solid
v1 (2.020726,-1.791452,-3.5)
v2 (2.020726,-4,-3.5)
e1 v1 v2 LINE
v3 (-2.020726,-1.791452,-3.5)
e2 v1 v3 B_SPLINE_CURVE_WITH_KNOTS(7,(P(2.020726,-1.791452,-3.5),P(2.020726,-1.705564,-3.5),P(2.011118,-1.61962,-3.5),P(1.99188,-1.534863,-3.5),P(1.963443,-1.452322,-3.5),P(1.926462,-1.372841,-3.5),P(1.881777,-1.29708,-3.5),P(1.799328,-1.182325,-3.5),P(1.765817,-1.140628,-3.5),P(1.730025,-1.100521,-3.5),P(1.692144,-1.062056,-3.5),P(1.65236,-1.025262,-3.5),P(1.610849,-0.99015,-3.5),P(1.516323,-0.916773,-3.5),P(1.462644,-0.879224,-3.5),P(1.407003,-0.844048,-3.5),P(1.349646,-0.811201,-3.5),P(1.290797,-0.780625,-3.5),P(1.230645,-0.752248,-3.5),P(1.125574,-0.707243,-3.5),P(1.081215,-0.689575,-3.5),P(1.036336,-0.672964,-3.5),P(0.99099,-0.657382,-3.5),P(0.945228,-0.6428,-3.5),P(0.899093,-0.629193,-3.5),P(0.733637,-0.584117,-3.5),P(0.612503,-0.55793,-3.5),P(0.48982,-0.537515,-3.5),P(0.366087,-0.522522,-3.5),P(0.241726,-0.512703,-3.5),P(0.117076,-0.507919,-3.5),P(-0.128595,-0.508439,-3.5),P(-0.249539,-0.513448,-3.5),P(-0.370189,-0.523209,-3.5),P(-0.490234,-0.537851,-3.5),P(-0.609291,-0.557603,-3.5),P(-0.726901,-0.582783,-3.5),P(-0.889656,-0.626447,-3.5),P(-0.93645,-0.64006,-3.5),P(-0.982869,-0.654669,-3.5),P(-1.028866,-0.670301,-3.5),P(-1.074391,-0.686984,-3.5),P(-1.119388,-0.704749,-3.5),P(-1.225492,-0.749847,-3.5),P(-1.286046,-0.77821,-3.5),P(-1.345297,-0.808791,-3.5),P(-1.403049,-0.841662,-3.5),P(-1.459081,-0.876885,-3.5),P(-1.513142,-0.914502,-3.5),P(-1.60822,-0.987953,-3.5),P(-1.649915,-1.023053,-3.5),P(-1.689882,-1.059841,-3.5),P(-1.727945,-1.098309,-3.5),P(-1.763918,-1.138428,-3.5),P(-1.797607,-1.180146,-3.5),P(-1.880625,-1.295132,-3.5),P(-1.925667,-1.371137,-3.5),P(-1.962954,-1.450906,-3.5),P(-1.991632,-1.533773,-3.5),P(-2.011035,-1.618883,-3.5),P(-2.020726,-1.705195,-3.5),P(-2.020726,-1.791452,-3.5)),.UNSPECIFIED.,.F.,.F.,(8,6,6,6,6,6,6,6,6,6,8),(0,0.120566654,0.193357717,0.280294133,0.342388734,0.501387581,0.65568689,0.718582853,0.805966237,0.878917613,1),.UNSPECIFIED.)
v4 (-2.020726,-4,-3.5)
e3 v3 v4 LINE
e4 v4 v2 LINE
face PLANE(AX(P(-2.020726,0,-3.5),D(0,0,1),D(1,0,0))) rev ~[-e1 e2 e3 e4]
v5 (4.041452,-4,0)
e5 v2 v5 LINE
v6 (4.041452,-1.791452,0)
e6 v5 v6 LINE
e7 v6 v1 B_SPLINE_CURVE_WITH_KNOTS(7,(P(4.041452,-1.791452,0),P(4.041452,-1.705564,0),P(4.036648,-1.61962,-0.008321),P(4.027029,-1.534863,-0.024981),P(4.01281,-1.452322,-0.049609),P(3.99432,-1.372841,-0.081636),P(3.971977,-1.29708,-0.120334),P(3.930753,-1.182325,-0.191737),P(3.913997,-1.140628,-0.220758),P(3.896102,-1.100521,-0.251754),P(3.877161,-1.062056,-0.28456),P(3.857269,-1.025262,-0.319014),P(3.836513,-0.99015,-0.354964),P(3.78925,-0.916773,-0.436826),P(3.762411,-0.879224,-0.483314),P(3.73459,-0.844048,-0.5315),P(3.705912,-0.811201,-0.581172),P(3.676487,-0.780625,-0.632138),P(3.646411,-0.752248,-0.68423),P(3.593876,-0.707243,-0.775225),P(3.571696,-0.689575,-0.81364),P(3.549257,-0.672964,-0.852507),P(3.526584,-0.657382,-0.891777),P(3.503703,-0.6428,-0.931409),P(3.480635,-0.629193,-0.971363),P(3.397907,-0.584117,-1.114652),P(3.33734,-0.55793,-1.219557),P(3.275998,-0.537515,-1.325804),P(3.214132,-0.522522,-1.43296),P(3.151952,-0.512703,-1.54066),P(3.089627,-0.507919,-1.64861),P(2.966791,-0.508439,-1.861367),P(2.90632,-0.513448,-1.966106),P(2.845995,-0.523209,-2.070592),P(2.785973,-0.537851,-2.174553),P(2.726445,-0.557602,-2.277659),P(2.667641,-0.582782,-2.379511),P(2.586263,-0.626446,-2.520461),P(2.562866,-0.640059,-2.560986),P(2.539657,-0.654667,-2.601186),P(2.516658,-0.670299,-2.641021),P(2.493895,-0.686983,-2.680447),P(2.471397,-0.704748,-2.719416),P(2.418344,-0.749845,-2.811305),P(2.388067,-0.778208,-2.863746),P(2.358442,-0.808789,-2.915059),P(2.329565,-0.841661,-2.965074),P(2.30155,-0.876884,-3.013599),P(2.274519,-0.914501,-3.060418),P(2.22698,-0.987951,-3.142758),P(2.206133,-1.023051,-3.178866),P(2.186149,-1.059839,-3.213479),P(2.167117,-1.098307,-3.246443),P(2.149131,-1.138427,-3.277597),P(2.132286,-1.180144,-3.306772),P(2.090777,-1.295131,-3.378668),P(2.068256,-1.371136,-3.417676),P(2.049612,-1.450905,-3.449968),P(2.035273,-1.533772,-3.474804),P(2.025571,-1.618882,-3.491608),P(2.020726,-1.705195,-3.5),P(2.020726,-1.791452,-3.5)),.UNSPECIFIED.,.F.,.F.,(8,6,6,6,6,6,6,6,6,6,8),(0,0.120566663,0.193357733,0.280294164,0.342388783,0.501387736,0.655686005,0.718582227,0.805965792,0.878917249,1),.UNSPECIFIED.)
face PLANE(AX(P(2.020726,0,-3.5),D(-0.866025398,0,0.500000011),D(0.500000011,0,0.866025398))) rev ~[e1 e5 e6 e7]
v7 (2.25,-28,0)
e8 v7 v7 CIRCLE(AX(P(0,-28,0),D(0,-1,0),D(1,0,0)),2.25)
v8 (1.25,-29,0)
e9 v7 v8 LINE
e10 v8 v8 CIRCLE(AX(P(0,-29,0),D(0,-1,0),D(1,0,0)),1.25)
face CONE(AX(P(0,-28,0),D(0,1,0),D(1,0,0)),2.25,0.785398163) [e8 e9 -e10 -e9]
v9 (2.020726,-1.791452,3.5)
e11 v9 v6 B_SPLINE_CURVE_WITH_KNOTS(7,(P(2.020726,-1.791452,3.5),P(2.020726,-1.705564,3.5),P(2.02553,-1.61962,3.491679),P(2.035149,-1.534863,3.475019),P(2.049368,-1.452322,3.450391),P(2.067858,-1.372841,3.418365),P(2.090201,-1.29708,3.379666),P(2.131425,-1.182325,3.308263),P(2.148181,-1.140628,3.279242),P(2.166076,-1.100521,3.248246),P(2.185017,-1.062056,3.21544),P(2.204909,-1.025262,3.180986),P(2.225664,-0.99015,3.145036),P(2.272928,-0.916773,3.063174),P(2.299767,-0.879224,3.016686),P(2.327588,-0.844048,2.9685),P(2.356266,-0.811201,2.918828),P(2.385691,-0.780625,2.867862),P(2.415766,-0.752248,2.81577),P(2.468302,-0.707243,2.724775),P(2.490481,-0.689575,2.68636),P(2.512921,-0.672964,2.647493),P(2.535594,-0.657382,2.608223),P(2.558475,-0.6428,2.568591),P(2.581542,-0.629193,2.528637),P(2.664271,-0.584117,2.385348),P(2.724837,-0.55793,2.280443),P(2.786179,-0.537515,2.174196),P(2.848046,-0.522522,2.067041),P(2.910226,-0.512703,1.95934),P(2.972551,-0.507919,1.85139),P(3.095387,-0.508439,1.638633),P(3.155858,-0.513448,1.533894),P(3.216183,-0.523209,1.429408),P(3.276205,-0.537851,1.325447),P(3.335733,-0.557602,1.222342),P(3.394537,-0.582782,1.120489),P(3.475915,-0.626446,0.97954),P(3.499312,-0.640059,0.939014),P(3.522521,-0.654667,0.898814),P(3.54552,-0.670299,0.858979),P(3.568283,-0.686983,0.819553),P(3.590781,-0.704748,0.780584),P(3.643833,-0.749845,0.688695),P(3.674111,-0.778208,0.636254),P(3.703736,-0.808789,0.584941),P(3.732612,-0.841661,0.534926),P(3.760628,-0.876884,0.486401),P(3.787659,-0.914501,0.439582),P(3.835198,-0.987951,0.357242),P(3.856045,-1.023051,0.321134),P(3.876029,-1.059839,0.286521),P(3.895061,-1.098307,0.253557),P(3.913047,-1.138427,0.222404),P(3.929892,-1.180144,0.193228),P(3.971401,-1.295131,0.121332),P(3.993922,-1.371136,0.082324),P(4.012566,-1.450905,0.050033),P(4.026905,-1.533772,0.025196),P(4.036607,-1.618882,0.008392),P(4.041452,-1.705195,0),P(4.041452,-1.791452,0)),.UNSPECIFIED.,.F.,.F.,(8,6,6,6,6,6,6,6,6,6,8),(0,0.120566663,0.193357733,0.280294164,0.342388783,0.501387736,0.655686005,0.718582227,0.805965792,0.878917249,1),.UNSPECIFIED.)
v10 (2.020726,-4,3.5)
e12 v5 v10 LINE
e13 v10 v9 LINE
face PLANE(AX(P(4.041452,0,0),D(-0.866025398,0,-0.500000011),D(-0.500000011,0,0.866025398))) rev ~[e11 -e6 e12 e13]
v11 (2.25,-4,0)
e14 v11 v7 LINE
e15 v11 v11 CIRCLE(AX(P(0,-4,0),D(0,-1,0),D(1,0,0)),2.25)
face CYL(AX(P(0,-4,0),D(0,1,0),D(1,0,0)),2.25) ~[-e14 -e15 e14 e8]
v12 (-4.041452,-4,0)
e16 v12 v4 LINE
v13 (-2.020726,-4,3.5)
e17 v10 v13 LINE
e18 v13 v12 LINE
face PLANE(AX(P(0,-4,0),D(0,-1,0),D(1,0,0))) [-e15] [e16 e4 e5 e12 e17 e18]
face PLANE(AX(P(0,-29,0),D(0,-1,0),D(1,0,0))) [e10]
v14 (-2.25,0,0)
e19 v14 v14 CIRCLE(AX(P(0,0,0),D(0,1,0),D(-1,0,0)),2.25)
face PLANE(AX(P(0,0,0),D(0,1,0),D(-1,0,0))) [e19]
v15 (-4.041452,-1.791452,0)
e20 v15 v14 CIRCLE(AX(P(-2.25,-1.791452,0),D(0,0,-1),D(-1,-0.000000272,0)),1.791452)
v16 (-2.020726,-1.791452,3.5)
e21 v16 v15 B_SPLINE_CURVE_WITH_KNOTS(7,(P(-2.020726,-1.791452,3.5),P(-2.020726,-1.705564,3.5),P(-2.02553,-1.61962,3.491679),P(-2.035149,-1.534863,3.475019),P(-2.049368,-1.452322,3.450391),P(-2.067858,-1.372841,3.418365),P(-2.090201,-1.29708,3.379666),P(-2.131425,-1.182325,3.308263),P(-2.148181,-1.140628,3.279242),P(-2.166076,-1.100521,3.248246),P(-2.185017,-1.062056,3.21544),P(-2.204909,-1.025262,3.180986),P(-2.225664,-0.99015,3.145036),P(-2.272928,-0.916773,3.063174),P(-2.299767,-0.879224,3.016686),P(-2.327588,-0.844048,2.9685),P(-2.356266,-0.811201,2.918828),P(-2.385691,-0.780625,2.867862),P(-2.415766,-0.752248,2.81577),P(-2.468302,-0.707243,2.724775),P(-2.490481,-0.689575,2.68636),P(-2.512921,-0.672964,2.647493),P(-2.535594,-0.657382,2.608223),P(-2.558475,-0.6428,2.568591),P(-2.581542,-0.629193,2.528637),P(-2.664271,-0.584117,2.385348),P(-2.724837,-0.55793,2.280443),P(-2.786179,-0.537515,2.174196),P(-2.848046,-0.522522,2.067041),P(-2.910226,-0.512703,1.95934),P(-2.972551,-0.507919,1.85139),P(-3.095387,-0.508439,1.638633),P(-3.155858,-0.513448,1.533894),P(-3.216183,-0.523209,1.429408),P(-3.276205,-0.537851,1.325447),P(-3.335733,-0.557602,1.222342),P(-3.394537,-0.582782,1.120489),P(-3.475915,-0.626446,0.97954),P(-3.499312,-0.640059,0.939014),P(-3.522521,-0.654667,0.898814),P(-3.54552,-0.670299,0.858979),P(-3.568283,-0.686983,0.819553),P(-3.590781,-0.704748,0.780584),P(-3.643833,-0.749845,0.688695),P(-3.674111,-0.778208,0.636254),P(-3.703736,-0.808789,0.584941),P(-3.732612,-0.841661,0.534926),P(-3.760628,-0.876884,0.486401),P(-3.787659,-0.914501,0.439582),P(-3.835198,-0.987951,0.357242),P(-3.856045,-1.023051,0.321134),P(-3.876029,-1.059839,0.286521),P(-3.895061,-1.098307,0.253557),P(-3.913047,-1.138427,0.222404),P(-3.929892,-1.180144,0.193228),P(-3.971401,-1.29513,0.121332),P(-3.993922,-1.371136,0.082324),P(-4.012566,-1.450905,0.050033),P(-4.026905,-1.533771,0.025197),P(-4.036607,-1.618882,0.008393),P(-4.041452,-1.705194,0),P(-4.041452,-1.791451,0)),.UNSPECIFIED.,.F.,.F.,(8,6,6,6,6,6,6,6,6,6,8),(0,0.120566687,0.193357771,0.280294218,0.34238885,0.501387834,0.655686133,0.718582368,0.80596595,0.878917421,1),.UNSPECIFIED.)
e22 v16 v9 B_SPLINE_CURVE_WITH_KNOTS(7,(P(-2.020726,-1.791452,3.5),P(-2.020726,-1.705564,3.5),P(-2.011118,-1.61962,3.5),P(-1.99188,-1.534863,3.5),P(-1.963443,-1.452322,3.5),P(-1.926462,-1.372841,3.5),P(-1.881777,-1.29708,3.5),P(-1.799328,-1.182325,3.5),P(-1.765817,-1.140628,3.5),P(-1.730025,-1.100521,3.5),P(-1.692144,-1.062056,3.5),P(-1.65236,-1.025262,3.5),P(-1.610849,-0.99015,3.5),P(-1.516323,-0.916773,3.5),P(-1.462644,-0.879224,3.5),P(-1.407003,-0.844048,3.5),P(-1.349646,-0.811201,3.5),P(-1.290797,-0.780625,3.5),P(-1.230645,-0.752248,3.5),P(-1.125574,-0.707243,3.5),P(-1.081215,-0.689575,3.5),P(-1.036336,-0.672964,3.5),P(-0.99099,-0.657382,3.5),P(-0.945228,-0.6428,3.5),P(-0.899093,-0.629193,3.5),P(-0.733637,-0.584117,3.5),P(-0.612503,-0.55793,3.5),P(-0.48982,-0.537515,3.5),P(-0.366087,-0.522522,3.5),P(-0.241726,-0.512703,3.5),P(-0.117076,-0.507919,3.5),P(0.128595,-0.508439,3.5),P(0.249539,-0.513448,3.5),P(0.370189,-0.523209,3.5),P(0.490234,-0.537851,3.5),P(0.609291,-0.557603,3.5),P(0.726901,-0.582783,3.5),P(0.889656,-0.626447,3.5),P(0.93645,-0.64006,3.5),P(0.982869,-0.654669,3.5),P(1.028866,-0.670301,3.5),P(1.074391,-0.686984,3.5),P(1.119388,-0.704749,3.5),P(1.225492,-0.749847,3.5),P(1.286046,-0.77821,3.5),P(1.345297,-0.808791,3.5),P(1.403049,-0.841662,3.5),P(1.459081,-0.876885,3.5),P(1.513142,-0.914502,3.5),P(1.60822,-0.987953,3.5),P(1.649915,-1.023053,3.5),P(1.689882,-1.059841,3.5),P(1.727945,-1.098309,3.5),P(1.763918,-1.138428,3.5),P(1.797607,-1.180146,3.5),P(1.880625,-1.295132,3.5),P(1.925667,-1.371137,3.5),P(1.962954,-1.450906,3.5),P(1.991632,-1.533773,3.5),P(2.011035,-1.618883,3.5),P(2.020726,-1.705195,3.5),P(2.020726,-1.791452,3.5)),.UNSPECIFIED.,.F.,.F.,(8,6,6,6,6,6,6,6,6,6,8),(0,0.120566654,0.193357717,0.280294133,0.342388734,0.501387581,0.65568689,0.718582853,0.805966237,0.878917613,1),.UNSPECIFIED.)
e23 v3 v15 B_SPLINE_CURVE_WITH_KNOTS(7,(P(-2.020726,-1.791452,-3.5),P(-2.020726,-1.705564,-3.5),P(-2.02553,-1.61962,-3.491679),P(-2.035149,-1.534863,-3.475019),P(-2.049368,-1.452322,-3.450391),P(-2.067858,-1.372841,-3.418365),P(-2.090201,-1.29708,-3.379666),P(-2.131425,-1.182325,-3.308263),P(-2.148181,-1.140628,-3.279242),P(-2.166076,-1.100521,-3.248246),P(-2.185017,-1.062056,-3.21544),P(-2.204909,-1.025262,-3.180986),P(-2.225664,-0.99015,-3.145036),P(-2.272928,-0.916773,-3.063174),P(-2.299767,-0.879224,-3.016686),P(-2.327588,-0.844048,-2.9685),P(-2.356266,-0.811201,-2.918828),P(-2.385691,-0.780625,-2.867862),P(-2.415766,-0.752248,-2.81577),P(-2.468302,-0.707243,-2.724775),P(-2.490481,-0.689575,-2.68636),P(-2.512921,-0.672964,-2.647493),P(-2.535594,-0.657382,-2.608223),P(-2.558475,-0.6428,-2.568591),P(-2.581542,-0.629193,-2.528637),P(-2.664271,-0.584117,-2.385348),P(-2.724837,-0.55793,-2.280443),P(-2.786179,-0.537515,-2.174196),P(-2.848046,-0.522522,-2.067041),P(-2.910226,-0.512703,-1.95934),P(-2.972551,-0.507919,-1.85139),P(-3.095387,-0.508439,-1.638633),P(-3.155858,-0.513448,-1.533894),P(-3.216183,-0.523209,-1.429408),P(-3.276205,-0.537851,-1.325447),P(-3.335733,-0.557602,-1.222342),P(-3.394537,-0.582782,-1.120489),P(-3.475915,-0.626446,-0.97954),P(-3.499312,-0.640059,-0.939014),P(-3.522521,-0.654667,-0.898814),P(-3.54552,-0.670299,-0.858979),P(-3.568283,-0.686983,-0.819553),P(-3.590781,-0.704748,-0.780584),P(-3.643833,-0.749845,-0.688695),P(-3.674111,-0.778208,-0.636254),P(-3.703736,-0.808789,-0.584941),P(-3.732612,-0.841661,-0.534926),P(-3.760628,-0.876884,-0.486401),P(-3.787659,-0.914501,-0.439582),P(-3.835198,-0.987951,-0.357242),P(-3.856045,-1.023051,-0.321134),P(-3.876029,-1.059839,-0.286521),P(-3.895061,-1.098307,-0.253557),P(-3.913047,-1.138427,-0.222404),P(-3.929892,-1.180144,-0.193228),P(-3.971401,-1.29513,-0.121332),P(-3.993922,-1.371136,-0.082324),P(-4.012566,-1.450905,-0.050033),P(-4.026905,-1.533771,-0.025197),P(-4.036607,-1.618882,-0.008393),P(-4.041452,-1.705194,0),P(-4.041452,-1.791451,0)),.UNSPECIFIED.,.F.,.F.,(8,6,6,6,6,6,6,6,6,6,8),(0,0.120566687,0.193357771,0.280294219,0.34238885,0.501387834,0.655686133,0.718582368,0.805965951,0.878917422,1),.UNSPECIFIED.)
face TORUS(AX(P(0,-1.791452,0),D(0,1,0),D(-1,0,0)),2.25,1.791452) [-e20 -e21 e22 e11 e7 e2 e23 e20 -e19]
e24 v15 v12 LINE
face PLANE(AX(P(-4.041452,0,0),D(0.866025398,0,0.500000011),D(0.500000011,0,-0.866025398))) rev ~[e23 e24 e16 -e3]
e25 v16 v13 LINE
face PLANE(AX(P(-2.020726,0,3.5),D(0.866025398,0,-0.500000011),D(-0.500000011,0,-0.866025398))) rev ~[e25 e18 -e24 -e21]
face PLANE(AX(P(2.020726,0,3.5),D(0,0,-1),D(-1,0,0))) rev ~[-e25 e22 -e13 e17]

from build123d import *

# Parameters (mm, degrees)
F1_DEPTH = 4
F2_R     = 2.25
F3_DEPTH = 25
F6_SIZE  = 1


with BuildPart() as f1:
    # F0 (on Front) → F1 (new body)
    with BuildSketch(Plane.XZ):
        Polygon((2.020726, 3.5), (-2.020726, 3.5), (-4.041452, 0), (-2.020726, -3.5), (2.020726, -3.5), (4.041452, 0), align=None)
    extrude(amount=F1_DEPTH)

    # F2 (on face) → F3 (join)
    with BuildSketch(Plane.XZ.offset(4)):
        Circle(F2_R)
    extrude(amount=F3_DEPTH)

    # F4 (on Top) → F5 (revolve, cut)
    with BuildSketch(Plane.XY):
        with BuildLine():
            Line((-7.239562, -3.979997), (-4.041452, -3.979997))
            Line((-4.041452, -3.979997), (-4.041452, -1.791452))
            ThreePointArc((-4.041452, -1.791452), (-3.516748, -0.524704), (-2.25, 0))
            Line((-2.25, 0), (0, 0))
            Line((0, 0), (0, 3.398254))
            Line((0, 3.398254), (-7.627891, 4.230388))
            Line((-7.627891, 4.230388), (-7.239562, -3.979997))
        make_face()
    revolve(axis=Axis((0, 1.699127, 0), (0, 1, 0)), mode=Mode.SUBTRACT)

    # F6
    f6_edges = [f1.edges().sort_by_distance(p)[0] for p in [
        (-2.25, -29, 0),
    ]]
    chamfer(f6_edges, length=F6_SIZE)


solid = f1.part
